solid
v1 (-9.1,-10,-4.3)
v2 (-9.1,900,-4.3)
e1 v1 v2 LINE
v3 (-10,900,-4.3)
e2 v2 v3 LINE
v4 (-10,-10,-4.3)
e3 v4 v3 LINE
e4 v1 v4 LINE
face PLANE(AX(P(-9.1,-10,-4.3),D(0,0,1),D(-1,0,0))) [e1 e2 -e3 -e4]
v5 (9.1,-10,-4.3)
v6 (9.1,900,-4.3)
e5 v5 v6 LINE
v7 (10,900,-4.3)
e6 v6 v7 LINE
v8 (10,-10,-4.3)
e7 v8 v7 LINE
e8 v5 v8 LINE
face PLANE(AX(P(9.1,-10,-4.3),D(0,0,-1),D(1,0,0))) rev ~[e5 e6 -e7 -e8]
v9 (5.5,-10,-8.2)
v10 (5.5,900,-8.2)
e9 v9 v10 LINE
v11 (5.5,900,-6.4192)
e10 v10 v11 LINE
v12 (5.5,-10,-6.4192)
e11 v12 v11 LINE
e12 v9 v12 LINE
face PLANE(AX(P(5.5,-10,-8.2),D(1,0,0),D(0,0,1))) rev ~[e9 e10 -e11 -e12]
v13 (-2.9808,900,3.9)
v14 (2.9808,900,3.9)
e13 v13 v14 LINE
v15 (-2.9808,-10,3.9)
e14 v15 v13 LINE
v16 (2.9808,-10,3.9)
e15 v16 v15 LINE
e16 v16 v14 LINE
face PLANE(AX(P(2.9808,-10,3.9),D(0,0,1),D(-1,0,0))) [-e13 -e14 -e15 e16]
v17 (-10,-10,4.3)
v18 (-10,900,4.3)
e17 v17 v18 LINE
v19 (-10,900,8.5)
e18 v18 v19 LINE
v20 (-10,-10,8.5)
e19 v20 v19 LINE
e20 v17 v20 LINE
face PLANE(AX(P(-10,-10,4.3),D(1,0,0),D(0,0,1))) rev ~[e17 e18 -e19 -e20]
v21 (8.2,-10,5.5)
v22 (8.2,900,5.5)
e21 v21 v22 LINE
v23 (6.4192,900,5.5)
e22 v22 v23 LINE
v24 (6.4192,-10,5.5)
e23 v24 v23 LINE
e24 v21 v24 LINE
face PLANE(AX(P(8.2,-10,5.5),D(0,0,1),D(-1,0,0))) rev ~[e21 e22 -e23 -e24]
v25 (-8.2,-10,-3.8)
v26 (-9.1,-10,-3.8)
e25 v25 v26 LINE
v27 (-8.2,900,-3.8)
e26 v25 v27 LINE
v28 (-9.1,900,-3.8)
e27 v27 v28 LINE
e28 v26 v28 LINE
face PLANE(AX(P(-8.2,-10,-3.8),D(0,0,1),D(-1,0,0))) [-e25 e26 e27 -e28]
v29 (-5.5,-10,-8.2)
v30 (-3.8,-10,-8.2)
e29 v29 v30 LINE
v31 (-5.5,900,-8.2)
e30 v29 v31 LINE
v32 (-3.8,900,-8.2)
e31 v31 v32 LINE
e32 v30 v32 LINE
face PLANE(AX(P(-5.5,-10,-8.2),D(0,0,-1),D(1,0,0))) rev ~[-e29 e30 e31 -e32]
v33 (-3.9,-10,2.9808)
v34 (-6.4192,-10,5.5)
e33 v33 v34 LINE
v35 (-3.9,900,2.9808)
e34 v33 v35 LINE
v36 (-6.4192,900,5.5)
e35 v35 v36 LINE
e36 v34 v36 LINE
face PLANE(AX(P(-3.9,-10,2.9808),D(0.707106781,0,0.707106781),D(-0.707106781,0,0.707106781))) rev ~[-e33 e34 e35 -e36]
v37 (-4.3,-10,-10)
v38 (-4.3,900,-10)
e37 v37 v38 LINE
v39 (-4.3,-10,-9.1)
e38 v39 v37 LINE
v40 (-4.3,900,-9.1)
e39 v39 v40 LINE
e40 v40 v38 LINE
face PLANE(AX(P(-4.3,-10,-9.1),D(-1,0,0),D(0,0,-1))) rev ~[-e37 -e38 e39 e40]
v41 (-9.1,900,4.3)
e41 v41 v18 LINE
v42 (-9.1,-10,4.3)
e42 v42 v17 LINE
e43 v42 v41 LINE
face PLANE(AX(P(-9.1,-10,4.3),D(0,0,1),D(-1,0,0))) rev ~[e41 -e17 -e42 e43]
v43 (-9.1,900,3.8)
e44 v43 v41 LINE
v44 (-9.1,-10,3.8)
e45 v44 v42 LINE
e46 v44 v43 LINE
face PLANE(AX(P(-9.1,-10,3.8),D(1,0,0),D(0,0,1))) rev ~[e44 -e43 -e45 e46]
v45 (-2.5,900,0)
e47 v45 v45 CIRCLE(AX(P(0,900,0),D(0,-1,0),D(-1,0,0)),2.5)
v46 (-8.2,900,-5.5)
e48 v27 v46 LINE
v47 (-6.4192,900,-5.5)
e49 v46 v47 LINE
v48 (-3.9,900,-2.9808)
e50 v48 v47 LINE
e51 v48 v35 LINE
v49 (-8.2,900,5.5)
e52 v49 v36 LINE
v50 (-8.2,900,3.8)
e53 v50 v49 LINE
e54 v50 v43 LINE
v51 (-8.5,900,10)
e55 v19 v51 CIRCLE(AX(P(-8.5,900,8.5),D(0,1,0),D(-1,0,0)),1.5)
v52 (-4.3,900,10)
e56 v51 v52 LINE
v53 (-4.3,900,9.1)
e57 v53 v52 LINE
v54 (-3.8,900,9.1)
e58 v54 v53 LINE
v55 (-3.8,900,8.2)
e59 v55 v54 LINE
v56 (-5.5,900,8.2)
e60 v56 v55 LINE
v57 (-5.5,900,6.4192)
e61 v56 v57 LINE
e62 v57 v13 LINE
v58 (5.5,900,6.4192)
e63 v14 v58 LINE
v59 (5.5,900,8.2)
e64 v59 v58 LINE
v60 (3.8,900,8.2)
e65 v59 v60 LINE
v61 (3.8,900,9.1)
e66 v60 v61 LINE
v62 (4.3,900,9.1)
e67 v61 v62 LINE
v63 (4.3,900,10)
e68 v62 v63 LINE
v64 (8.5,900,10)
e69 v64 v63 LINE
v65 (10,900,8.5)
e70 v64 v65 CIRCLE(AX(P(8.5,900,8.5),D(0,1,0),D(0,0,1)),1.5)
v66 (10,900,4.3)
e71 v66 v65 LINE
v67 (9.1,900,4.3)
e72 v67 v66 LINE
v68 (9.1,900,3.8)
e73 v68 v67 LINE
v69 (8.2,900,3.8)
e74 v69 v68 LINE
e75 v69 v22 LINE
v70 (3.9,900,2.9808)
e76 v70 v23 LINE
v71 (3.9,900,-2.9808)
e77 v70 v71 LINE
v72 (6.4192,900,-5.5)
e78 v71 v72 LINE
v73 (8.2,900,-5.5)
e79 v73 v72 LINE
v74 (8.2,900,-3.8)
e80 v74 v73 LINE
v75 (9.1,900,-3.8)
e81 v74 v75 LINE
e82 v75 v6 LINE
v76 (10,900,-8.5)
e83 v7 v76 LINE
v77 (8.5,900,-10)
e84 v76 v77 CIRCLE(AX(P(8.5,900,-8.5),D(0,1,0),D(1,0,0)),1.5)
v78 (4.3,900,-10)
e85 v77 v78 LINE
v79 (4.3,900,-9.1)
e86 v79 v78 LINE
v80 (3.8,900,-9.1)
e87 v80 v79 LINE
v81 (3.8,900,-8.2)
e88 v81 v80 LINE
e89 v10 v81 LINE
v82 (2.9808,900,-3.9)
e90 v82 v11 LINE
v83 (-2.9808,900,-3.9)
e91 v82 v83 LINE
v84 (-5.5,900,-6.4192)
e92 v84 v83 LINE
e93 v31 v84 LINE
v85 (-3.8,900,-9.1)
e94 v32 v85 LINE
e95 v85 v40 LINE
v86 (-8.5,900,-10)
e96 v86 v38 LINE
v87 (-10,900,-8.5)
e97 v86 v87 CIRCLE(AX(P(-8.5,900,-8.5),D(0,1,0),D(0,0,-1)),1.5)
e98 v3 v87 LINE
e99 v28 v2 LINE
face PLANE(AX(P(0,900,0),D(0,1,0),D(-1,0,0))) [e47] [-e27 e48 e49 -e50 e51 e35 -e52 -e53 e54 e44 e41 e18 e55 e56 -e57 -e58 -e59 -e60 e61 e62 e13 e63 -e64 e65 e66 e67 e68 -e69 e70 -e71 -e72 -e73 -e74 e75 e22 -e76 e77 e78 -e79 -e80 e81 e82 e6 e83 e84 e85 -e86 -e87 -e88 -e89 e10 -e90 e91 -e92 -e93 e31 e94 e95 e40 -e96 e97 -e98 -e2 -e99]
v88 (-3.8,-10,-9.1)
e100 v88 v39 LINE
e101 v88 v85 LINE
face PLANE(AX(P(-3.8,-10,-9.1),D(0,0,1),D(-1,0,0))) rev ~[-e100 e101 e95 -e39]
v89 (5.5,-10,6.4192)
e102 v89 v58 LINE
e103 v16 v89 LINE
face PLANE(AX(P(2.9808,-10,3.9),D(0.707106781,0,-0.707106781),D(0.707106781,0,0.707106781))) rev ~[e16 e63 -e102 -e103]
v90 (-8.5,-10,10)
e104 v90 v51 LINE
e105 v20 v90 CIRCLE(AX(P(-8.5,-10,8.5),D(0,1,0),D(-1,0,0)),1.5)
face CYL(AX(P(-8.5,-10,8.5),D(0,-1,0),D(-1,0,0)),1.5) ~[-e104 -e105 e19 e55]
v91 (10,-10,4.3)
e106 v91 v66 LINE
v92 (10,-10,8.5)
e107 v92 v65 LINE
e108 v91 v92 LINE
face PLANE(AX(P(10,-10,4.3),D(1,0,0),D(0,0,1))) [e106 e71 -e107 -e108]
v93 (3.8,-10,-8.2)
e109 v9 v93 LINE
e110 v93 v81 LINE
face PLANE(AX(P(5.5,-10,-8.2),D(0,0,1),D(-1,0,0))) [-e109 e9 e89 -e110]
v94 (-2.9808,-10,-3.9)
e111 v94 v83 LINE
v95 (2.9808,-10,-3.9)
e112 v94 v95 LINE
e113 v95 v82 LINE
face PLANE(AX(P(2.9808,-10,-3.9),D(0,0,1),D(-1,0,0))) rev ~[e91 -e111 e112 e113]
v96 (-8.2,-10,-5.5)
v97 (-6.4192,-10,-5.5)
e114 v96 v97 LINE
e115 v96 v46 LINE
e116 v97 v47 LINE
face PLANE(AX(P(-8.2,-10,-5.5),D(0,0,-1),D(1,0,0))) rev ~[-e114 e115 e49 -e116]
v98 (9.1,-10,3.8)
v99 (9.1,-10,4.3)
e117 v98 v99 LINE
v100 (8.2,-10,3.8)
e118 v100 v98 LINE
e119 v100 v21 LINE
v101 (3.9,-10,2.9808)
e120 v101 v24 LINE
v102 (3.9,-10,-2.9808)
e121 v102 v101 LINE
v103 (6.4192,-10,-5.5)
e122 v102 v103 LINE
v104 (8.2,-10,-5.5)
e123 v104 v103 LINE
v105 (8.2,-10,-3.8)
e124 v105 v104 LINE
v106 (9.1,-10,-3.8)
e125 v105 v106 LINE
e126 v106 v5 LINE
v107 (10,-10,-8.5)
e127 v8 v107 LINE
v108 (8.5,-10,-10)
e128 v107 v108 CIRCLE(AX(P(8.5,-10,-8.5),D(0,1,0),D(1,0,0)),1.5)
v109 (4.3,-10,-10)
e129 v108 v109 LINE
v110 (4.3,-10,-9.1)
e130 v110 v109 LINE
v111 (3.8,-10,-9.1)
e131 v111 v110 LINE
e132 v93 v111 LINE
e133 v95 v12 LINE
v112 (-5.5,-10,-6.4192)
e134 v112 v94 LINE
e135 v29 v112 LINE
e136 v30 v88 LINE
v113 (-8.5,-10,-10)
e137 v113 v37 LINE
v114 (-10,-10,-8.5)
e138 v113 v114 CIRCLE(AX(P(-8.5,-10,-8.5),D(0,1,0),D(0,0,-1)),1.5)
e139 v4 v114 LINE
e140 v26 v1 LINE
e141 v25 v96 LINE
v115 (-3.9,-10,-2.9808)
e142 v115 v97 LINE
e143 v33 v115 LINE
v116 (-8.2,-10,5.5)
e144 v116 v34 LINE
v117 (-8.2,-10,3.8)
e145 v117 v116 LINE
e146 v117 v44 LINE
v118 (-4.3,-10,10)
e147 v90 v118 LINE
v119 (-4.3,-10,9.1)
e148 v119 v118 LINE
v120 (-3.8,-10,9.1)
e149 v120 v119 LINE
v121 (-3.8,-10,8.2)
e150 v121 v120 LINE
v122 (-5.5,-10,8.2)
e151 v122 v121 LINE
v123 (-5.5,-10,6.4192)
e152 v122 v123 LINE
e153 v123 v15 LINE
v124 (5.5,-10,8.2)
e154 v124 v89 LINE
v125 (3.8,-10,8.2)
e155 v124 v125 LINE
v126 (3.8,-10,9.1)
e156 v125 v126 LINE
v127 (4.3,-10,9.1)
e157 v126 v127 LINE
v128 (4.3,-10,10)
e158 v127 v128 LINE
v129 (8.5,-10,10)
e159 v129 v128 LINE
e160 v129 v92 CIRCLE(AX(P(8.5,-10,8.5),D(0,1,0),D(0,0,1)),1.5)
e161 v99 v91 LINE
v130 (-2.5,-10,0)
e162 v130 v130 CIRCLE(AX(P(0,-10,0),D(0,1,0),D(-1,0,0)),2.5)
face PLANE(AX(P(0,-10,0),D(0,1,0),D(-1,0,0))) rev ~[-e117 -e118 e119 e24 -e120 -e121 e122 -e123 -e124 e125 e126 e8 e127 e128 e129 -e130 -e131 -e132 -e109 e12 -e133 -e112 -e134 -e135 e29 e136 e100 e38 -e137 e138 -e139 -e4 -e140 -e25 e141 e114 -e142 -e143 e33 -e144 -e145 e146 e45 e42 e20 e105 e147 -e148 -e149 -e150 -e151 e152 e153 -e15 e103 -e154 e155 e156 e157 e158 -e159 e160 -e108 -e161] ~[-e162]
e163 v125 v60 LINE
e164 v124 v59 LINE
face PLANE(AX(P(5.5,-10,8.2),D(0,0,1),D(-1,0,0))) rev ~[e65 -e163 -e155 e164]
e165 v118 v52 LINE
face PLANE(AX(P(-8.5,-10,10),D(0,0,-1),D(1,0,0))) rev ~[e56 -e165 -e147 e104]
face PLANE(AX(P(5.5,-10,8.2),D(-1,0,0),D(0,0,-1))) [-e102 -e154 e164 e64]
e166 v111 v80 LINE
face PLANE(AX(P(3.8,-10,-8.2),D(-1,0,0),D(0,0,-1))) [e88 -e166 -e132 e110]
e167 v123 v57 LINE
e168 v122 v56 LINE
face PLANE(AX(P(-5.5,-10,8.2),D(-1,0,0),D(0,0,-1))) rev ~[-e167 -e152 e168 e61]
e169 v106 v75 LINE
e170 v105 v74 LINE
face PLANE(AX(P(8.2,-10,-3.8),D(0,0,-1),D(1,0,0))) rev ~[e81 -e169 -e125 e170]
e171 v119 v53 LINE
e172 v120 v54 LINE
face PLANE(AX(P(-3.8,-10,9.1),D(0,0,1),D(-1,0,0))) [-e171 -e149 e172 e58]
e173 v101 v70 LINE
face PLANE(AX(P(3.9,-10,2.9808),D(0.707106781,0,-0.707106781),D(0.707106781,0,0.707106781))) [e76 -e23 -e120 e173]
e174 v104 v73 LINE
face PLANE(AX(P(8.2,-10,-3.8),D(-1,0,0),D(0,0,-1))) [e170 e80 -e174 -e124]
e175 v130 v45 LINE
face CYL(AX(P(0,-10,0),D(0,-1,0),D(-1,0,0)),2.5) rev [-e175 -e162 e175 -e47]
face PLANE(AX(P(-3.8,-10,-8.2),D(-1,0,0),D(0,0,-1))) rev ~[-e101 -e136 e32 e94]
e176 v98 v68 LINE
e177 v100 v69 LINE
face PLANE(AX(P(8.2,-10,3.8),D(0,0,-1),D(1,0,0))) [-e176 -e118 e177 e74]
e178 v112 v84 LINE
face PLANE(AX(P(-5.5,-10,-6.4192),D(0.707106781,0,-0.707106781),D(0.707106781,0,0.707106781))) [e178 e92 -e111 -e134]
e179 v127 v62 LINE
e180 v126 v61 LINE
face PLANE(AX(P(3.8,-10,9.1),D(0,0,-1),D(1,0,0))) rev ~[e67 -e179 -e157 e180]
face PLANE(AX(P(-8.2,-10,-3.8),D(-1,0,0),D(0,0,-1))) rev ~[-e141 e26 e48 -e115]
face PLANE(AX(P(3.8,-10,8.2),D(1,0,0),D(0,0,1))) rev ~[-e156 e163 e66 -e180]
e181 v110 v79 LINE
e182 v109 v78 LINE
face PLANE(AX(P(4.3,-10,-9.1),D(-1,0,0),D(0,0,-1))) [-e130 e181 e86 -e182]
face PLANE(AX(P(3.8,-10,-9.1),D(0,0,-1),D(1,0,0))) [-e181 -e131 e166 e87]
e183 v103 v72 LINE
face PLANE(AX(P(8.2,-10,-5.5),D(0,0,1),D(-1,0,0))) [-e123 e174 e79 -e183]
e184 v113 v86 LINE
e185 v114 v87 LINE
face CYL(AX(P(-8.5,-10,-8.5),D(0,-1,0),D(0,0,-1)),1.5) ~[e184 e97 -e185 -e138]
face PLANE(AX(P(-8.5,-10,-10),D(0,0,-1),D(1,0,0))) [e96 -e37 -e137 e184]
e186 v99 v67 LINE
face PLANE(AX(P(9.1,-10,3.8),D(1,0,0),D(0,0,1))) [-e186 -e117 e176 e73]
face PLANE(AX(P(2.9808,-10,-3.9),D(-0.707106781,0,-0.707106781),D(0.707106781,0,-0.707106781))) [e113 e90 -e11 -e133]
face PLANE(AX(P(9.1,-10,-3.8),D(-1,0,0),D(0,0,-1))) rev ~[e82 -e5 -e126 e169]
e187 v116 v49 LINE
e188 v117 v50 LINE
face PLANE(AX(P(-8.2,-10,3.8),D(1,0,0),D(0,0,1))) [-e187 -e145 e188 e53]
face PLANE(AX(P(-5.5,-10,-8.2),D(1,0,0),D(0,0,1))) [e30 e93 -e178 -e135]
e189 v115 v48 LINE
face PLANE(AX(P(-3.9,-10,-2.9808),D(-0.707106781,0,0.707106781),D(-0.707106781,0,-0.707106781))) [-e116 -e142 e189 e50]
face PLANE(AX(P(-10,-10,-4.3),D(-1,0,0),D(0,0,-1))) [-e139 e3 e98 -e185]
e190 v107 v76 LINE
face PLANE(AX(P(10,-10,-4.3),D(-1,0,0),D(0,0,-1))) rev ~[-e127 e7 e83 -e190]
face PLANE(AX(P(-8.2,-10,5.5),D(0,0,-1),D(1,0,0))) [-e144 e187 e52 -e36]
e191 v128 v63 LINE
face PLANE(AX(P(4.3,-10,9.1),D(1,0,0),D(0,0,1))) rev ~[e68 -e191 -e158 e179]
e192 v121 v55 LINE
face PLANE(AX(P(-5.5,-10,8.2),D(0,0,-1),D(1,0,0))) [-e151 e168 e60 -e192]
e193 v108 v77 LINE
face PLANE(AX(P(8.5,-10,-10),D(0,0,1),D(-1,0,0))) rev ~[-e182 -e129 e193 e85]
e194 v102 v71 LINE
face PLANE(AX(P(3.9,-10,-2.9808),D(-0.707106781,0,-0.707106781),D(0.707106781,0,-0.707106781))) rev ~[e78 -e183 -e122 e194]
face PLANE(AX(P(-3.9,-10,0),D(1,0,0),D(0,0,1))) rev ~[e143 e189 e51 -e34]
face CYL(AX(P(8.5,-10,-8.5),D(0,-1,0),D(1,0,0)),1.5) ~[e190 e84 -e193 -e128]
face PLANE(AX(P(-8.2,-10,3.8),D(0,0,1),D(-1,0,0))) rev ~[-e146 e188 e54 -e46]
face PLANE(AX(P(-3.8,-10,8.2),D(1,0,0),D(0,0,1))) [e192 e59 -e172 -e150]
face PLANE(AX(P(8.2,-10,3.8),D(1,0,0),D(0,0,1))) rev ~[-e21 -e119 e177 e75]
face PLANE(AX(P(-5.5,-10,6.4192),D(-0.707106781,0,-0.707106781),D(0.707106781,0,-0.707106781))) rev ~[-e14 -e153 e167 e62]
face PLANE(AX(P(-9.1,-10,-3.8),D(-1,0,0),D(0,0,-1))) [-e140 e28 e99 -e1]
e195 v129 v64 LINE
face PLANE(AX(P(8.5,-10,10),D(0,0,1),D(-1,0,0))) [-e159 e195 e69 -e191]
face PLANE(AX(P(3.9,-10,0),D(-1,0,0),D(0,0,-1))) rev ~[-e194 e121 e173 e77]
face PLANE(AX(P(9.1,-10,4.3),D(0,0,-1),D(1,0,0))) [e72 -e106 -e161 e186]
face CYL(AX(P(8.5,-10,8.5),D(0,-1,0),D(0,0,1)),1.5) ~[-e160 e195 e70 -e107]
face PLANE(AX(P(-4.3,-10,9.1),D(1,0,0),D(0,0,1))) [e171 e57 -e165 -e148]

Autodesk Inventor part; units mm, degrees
ref_plane "起始平面" through (0, -10, 0) normal (0, 1, 0) x (-1, 0, 0)
ref_plane "终止平面" through (0, 900, 0) normal (0, 1, 0) x (-1, 0, 0)
sketch "草图" plane through (0, 0, 0) normal (0, 1, 0) x (-1, 0, 0)
  line L0 (-9.1, 10.0192) -> (-9.101, 10.0203)
  line L1 (-10, 10) -> (-9.5607, 9.5607) construction
  arc A0 (-8.5, 10) -> (-10, 8.5) centre (-8.5, 8.5) ccw
  circle A1 centre (0, 0) radius 2.5
  line L2 (-2.9808, 3.9) -> (0, 3.9)
  line L3 (-3.9, 0) -> (-3.9, 2.9808)
  line L4 (-2.5, 0) -> (-3.1, 0)
  line L5 (2.9808, 3.9) -> (0, 3.9)
  circle A2 centre (0, 0) radius 2.5
  circle A3 centre (0, 0) radius 2.5
  circle A4 centre (0, 0) radius 2.5
  line L6 (0, 16.3557) -> (0, -12.0006)
  line L7 (-4.3, 9.1) -> (-4.3, 10)
  line L8 (2.9808, -3.9) -> (0, -3.9)
  line L9 (-3.9, 0) -> (-3.9, -2.9808)
  line L10 (3.9, 0) -> (3.9, -2.9808)
  line L11 (-2.9808, -3.9) -> (-5.5, -6.4192)
  line L12 (-2.9808, -3.9) -> (0, -3.9)
  line L13 (3.8, -8.2) -> (3.8, -9.1)
  line L14 (5.5, -6.4192) -> (2.9808, -3.9)
  line L15 (3.8, -9.1) -> (4.3, -9.1)
  line L16 (5.5, -8.2) -> (3.8, -8.2)
  line L17 (5.5, -8.2) -> (5.5, -6.4192)
  line L18 (3.9, -2.9808) -> (6.4192, -5.5)
  line L19 (8.2, -3.8) -> (8.2, -5.5)
  line L20 (8.2, -5.5) -> (6.4192, -5.5)
  line L21 (8.2, -3.8) -> (9.1, -3.8)
  line L22 (9.1, -3.8) -> (9.1, -4.3)
  line L23 (9.1, -4.3) -> (10, -4.3)
  line L24 (10, -4.3) -> (10, -8.5)
  arc A5 (8.5, -10) -> (10, -8.5) centre (8.5, -8.5) ccw
  line L25 (8.5, -10) -> (4.3, -10)
  line L26 (4.3, -9.1) -> (4.3, -10)
  line L27 (5.5, 6.4192) -> (2.9808, 3.9)
  line L28 (3.9, 2.9808) -> (6.4192, 5.5)
  line L29 (10, 4.3) -> (10, 8.5)
  line L30 (3.9, 0) -> (3.9, 2.9808)
  line L31 (5.5, 8.2) -> (5.5, 6.4192)
  line L32 (5.5, 8.2) -> (3.8, 8.2)
  line L33 (4.3, 9.1) -> (4.3, 10)
  arc A6 (10, 8.5) -> (8.5, 10) centre (8.5, 8.5) ccw
  line L34 (8.5, 10) -> (4.3, 10)
  line L35 (8.2, 3.8) -> (9.1, 3.8)
  line L36 (9.1, 4.3) -> (10, 4.3)
  line L37 (9.1, 3.8) -> (9.1, 4.3)
  line L38 (8.2, 3.8) -> (8.2, 5.5)
  line L39 (8.2, 5.5) -> (6.4192, 5.5)
  line L40 (3.8, 8.2) -> (3.8, 9.1)
  line L41 (3.8, 9.1) -> (4.3, 9.1)
  line L42 (-10, 4.3) -> (-10, 8.5)
  line L43 (-8.5, 10) -> (-4.3, 10)
  line L44 (-9.1, 4.3) -> (-10, 4.3)
  line L45 (-9.1, 3.8) -> (-9.1, 4.3)
  line L46 (-8.2, 3.8) -> (-9.1, 3.8)
  line L47 (-8.2, 5.5) -> (-6.4192, 5.5)
  line L48 (-8.2, 3.8) -> (-8.2, 5.5)
  line L49 (-5.5, 8.2) -> (-5.5, 6.4192)
  line L50 (-3.8, 9.1) -> (-4.3, 9.1)
  line L51 (-3.8, 8.2) -> (-3.8, 9.1)
  line L52 (-5.5, 8.2) -> (-3.8, 8.2)
  line L53 (-3.9, 2.9808) -> (-6.4192, 5.5)
  line L54 (-2.9808, 3.9) -> (-5.5, 6.4192)
  line L55 (-5.5, -8.2) -> (-3.8, -8.2)
  line L56 (-5.5, -8.2) -> (-5.5, -6.4192)
  line L57 (-3.9, -2.9808) -> (-6.4192, -5.5)
  line L58 (-3.8, -8.2) -> (-3.8, -9.1)
  line L59 (-3.8, -9.1) -> (-4.3, -9.1)
  line L60 (-4.3, -9.1) -> (-4.3, -10)
  line L61 (-8.2, -5.5) -> (-6.4192, -5.5)
  line L62 (-8.2, -3.8) -> (-9.1, -3.8)
  line L63 (-9.1, -3.8) -> (-9.1, -4.3)
  line L64 (-8.5, -10) -> (-4.3, -10)
  line L65 (-9.1, -4.3) -> (-10, -4.3)
  line L66 (-10, -4.3) -> (-10, -8.5)
  arc A7 (-10, -8.5) -> (-8.5, -10) centre (-8.5, -8.5) ccw
  line L67 (-8.2, -3.8) -> (-8.2, -5.5)
  dimension "圆角" = 1.5
  dimension "宽度" = 20
extrude "实体" add sketch "草图" along normal up to surface (910 mm away) from surface at -10 contours L43 L7 L50 L51 L52 L49 L54 L2 L6 A1 L12 L11 L56 L55 L58 L59 L60 L64 A7 L66 L65 L63 L62 L67 L61 L57 L9 L3 L53 L47 L48 L46 L45 L44 L42 A0 | L5 L27 L31 L32 L40 L41 L33 L34 A6 L29 L36 L37 L35 L38 L39 L28 L30 L10 L18 L20 L19 L21 L22 L23 L24 A5 L25 L26 L15 L13 L16 L17 L14 L8 L6 A1
sketch "草图2" plane through (0, 0, 0) normal (0, 1, 0) x (-1, 0, 0)
  line L0 (0, 0) -> (10, 0)
ref_plane "工作平面3" through (0, 0, 0) normal (0, 0, -1) x (-1, 0, 0)
sketch "草图3" plane through (0, 0, 0) normal (0, 0, -1) x (-1, 0, 0)
  line L0 (-2, -10) -> (12, -10)
  line L1 (-2, 900) -> (12, 900)
  dimension "d11" = 910
ref_plane "工作平面4" through (4.3, -10, -800) normal (0, -1, 0) x (1, 0, 0)
split "分割1" plane through (4.3, -10, -800) removes the side toward (0, -1, 0)
equation "\"G_OFFSET_END\" = 0"
equation "\"G_L\" = d11"
properties part number "欧标 2020铝合金钢材-01"
